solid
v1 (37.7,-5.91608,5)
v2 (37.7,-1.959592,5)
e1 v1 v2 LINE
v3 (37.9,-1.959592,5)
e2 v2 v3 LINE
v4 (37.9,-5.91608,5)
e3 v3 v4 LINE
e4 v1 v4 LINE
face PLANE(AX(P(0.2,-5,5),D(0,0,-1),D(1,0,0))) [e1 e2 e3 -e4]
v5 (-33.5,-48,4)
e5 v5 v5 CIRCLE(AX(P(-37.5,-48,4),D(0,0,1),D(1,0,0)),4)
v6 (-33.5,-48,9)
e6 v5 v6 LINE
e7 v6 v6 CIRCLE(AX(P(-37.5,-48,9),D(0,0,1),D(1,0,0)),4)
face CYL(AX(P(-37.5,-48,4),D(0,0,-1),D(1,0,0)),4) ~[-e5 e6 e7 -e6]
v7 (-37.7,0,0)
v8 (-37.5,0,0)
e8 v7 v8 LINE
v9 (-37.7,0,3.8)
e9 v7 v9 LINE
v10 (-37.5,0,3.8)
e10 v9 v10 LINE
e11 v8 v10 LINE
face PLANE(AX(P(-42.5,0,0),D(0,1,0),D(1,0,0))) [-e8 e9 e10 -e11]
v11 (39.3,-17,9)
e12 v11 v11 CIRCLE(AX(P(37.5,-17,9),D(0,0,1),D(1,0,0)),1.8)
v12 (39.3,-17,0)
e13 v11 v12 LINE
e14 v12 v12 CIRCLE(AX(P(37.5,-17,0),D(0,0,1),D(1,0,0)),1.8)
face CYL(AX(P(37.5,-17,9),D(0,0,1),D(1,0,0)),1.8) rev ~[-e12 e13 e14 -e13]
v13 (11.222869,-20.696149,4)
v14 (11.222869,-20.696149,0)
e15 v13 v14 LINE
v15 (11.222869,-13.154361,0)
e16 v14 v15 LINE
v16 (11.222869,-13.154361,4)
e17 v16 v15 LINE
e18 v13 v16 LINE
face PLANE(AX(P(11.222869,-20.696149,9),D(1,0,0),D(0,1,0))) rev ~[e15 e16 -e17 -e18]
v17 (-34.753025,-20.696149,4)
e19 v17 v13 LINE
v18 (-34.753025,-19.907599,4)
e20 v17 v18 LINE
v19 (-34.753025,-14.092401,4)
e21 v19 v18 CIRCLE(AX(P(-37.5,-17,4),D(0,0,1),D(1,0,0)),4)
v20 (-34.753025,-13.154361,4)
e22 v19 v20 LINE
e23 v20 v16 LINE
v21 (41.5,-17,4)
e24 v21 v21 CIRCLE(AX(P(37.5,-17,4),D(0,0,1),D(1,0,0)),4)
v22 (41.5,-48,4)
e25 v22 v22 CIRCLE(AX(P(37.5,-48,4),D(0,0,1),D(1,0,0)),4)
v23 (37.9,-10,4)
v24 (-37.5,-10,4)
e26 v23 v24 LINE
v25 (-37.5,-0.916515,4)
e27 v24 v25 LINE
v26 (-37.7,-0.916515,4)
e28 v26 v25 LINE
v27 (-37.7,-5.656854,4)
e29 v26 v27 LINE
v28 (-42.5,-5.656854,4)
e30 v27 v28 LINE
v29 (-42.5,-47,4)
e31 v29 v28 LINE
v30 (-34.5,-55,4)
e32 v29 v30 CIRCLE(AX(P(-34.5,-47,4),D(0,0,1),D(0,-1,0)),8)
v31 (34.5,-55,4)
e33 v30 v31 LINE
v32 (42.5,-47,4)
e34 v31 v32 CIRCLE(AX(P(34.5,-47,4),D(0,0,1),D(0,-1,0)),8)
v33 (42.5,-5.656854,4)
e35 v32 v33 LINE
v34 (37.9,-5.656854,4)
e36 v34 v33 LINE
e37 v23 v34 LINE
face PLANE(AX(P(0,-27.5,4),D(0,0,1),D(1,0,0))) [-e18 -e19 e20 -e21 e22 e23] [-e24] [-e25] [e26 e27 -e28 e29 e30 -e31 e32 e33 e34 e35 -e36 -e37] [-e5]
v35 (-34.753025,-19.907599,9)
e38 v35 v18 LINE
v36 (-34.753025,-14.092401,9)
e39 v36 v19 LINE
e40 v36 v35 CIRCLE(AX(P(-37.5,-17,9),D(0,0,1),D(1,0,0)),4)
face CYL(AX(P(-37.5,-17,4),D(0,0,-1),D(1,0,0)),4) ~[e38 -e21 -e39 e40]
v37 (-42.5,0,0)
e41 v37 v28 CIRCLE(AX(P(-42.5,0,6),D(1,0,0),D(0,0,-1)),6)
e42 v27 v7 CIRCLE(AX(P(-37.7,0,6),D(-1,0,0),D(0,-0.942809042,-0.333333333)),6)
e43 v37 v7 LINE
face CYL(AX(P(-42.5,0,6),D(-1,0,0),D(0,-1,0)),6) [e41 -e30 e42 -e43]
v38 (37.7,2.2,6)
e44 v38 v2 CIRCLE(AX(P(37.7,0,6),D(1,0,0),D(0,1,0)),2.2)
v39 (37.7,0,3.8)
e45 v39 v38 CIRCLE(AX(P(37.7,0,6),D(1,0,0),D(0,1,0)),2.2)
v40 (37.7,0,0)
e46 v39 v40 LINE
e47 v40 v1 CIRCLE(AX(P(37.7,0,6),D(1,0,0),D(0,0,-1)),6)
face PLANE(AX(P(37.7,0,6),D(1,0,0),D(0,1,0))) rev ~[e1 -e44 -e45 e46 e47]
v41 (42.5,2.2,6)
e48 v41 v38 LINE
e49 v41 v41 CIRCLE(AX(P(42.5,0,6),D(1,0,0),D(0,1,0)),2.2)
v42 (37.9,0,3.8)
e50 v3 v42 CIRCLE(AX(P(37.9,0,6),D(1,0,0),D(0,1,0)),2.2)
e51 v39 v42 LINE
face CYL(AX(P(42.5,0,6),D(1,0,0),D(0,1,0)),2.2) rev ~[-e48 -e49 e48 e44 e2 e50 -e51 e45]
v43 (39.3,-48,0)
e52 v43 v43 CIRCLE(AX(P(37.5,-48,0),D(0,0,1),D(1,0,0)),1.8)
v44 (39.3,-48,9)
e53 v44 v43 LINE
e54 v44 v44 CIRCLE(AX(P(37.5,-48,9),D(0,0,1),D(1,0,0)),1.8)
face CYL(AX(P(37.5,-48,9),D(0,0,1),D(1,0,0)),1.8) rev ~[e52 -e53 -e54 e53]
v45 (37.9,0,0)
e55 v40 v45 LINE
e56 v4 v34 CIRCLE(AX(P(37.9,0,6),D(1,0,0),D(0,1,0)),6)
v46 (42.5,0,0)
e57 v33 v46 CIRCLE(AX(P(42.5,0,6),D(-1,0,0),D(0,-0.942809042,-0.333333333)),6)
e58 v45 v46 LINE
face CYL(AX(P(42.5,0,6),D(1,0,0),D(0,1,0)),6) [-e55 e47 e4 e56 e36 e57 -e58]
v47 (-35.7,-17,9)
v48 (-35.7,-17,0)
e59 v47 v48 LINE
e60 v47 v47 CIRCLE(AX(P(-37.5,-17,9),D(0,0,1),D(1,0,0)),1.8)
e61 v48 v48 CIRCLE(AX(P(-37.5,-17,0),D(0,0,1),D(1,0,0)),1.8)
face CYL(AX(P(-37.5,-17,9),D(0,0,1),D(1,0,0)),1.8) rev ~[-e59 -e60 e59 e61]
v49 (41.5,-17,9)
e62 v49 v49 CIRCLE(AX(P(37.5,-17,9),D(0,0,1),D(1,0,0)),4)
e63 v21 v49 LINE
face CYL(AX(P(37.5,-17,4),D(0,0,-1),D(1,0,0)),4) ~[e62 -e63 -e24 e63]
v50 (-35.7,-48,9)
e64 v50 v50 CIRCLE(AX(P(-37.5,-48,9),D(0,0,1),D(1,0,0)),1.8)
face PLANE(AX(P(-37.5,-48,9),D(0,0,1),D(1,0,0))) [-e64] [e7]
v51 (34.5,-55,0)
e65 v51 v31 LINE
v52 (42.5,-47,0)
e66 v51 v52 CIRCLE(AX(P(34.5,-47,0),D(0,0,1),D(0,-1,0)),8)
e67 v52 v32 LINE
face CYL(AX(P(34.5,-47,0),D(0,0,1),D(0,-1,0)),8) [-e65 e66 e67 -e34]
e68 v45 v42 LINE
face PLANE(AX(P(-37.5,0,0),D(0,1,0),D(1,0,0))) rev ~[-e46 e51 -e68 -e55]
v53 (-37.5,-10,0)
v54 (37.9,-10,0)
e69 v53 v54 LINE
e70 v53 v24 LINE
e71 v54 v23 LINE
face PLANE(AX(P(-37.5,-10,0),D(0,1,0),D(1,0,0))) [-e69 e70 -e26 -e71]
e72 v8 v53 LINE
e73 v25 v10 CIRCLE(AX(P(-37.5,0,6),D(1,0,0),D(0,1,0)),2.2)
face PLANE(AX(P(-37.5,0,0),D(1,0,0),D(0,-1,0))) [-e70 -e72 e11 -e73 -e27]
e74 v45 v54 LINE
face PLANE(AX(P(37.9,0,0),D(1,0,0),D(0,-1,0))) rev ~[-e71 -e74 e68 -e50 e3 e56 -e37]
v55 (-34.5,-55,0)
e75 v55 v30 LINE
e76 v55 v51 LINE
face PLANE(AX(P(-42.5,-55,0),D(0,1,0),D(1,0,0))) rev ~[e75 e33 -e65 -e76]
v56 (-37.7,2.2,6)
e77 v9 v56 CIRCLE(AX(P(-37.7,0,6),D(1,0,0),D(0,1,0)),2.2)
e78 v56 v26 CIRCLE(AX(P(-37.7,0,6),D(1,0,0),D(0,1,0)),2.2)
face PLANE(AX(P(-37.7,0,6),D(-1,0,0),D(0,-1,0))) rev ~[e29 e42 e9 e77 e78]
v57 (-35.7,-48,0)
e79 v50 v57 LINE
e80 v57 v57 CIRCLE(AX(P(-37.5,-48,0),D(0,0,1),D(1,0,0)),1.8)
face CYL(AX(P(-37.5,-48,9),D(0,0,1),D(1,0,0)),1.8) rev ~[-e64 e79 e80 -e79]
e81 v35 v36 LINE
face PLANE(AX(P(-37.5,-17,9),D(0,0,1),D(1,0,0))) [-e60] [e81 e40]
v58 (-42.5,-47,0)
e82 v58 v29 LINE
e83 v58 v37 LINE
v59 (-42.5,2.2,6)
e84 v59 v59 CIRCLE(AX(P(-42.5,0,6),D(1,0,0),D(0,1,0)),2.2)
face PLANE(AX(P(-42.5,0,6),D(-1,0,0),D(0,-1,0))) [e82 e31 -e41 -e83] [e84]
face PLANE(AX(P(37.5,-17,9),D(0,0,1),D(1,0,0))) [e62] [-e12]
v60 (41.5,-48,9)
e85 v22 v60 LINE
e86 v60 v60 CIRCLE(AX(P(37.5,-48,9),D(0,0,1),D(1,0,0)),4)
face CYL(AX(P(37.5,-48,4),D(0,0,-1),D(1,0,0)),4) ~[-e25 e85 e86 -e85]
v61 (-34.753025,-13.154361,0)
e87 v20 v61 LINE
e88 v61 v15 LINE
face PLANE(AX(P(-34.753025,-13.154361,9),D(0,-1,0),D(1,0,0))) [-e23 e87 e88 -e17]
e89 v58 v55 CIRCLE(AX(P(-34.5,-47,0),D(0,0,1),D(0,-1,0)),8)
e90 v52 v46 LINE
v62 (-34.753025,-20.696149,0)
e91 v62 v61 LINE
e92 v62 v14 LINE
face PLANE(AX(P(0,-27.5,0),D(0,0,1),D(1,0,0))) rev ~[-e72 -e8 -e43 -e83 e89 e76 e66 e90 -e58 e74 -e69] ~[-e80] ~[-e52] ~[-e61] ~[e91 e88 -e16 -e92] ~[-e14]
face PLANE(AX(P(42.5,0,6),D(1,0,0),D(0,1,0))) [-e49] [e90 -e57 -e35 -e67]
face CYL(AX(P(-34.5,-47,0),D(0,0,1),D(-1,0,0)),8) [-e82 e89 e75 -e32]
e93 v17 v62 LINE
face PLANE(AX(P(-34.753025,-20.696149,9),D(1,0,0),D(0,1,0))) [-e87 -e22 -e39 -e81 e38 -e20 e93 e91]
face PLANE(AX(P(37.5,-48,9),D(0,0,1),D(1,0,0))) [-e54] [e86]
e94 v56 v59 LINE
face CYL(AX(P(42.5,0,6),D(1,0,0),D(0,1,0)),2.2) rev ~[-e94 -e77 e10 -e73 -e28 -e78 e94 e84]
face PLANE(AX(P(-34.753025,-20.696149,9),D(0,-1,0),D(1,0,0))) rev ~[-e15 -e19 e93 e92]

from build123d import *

# Parameters (mm, degrees)
SKETCH_W        = 85
SKETCH_H        = 55
PAD_DEPTH       = 4
SKETCH001_R     = 6
PAD001_DEPTH    = 4.8
SKETCH002_R     = 6
PAD002_DEPTH    = 4.8
SKETCH003_W     = 75.4
SKETCH003_H     = 10
POCKET_DEPTH    = 5
SKETCH008_R     = 2.2
POCKET001_DEPTH = 85
SKETCH005_R     = 4
PAD003_DEPTH    = 5
SKETCH006_R     = 1.8
POCKET002_DEPTH = 9
SKETCH007_W     = 45.975895
SKETCH007_H     = 7.541788
POCKET003_DEPTH = 9
FILLET_R        = 8
FILLET001_R     = 8


with BuildPart() as part:
    # Sketch → Pad (new body)
    with BuildSketch(Plane.XY):
        with Locations((0, -27.5)):
            Rectangle(SKETCH_W, SKETCH_H)
    extrude(amount=PAD_DEPTH)

    # Sketch001 (on Face2 of Pad) → Pad001 (join)
    with BuildSketch(Plane.YZ.offset(42.5)):
        with Locations((0, 6)):
            Circle(SKETCH001_R)
    extrude(amount=-PAD001_DEPTH)

    # Sketch002 (on Face5 of Pad001) → Pad002 (join)
    with BuildSketch(Plane(origin=(-42.5, 0, 0), x_dir=(0, -1, 0), z_dir=(-1, 0, 0))):
        with Locations((0, 6)):
            Circle(SKETCH002_R)
    extrude(amount=-PAD002_DEPTH)

    # Sketch003 (on Face6 of Pad002) → Pocket (cut)
    with BuildSketch(Plane(origin=(0, 0, 0), x_dir=(1, 0, 0), z_dir=(0, 0, -1))):
        with Locations((0.2, 5)):
            Rectangle(SKETCH003_W, SKETCH003_H)
    extrude(amount=-POCKET_DEPTH, mode=Mode.SUBTRACT)

    # Sketch008 (on Face20 of Pocket) → Pocket001 (cut)
    with BuildSketch(Plane.YZ.offset(42.5)):
        with Locations((0, 6)):
            Circle(SKETCH008_R)
    extrude(amount=-POCKET001_DEPTH, mode=Mode.SUBTRACT)

    # Sketch005 (on Face8 of Pocket001) → Pad003 (join)
    with BuildSketch(Plane.XY.offset(4)):
        with Locations((-37.5, -17)):
            Circle(SKETCH005_R)
        with Locations((37.5, -17)):
            Circle(SKETCH005_R)
        with Locations((37.5, -48)):
            Circle(SKETCH005_R)
        with Locations((-37.5, -48)):
            Circle(SKETCH005_R)
    extrude(amount=PAD003_DEPTH)

    # Sketch006 → Pocket002 (cut)
    with BuildSketch(Plane.XY.offset(9)):
        with Locations((-37.5, -17)):
            Circle(SKETCH006_R)
        with Locations((-37.5, -48)):
            Circle(SKETCH006_R)
        with Locations((37.5, -48)):
            Circle(SKETCH006_R)
        with Locations((37.5, -17)):
            Circle(SKETCH006_R)
    extrude(amount=-POCKET002_DEPTH, mode=Mode.SUBTRACT)

    # Sketch007 → Pocket003 (cut)
    with BuildSketch(Plane.XY.offset(9)):
        with Locations((-11.765078, -16.925255)):
            Rectangle(SKETCH007_W, SKETCH007_H)
    extrude(amount=-POCKET003_DEPTH, mode=Mode.SUBTRACT)

    # Fillet
    fillet_edges = [part.edges().sort_by_distance(p)[0] for p in [
        (-42.5, -55, 2),
    ]]
    fillet(fillet_edges, radius=FILLET_R)

    # Fillet001
    fillet001_edges = [part.edges().sort_by_distance(p)[0] for p in [
        (42.5, -55, 2),
    ]]
    fillet(fillet001_edges, radius=FILLET001_R)


solid = part.part
